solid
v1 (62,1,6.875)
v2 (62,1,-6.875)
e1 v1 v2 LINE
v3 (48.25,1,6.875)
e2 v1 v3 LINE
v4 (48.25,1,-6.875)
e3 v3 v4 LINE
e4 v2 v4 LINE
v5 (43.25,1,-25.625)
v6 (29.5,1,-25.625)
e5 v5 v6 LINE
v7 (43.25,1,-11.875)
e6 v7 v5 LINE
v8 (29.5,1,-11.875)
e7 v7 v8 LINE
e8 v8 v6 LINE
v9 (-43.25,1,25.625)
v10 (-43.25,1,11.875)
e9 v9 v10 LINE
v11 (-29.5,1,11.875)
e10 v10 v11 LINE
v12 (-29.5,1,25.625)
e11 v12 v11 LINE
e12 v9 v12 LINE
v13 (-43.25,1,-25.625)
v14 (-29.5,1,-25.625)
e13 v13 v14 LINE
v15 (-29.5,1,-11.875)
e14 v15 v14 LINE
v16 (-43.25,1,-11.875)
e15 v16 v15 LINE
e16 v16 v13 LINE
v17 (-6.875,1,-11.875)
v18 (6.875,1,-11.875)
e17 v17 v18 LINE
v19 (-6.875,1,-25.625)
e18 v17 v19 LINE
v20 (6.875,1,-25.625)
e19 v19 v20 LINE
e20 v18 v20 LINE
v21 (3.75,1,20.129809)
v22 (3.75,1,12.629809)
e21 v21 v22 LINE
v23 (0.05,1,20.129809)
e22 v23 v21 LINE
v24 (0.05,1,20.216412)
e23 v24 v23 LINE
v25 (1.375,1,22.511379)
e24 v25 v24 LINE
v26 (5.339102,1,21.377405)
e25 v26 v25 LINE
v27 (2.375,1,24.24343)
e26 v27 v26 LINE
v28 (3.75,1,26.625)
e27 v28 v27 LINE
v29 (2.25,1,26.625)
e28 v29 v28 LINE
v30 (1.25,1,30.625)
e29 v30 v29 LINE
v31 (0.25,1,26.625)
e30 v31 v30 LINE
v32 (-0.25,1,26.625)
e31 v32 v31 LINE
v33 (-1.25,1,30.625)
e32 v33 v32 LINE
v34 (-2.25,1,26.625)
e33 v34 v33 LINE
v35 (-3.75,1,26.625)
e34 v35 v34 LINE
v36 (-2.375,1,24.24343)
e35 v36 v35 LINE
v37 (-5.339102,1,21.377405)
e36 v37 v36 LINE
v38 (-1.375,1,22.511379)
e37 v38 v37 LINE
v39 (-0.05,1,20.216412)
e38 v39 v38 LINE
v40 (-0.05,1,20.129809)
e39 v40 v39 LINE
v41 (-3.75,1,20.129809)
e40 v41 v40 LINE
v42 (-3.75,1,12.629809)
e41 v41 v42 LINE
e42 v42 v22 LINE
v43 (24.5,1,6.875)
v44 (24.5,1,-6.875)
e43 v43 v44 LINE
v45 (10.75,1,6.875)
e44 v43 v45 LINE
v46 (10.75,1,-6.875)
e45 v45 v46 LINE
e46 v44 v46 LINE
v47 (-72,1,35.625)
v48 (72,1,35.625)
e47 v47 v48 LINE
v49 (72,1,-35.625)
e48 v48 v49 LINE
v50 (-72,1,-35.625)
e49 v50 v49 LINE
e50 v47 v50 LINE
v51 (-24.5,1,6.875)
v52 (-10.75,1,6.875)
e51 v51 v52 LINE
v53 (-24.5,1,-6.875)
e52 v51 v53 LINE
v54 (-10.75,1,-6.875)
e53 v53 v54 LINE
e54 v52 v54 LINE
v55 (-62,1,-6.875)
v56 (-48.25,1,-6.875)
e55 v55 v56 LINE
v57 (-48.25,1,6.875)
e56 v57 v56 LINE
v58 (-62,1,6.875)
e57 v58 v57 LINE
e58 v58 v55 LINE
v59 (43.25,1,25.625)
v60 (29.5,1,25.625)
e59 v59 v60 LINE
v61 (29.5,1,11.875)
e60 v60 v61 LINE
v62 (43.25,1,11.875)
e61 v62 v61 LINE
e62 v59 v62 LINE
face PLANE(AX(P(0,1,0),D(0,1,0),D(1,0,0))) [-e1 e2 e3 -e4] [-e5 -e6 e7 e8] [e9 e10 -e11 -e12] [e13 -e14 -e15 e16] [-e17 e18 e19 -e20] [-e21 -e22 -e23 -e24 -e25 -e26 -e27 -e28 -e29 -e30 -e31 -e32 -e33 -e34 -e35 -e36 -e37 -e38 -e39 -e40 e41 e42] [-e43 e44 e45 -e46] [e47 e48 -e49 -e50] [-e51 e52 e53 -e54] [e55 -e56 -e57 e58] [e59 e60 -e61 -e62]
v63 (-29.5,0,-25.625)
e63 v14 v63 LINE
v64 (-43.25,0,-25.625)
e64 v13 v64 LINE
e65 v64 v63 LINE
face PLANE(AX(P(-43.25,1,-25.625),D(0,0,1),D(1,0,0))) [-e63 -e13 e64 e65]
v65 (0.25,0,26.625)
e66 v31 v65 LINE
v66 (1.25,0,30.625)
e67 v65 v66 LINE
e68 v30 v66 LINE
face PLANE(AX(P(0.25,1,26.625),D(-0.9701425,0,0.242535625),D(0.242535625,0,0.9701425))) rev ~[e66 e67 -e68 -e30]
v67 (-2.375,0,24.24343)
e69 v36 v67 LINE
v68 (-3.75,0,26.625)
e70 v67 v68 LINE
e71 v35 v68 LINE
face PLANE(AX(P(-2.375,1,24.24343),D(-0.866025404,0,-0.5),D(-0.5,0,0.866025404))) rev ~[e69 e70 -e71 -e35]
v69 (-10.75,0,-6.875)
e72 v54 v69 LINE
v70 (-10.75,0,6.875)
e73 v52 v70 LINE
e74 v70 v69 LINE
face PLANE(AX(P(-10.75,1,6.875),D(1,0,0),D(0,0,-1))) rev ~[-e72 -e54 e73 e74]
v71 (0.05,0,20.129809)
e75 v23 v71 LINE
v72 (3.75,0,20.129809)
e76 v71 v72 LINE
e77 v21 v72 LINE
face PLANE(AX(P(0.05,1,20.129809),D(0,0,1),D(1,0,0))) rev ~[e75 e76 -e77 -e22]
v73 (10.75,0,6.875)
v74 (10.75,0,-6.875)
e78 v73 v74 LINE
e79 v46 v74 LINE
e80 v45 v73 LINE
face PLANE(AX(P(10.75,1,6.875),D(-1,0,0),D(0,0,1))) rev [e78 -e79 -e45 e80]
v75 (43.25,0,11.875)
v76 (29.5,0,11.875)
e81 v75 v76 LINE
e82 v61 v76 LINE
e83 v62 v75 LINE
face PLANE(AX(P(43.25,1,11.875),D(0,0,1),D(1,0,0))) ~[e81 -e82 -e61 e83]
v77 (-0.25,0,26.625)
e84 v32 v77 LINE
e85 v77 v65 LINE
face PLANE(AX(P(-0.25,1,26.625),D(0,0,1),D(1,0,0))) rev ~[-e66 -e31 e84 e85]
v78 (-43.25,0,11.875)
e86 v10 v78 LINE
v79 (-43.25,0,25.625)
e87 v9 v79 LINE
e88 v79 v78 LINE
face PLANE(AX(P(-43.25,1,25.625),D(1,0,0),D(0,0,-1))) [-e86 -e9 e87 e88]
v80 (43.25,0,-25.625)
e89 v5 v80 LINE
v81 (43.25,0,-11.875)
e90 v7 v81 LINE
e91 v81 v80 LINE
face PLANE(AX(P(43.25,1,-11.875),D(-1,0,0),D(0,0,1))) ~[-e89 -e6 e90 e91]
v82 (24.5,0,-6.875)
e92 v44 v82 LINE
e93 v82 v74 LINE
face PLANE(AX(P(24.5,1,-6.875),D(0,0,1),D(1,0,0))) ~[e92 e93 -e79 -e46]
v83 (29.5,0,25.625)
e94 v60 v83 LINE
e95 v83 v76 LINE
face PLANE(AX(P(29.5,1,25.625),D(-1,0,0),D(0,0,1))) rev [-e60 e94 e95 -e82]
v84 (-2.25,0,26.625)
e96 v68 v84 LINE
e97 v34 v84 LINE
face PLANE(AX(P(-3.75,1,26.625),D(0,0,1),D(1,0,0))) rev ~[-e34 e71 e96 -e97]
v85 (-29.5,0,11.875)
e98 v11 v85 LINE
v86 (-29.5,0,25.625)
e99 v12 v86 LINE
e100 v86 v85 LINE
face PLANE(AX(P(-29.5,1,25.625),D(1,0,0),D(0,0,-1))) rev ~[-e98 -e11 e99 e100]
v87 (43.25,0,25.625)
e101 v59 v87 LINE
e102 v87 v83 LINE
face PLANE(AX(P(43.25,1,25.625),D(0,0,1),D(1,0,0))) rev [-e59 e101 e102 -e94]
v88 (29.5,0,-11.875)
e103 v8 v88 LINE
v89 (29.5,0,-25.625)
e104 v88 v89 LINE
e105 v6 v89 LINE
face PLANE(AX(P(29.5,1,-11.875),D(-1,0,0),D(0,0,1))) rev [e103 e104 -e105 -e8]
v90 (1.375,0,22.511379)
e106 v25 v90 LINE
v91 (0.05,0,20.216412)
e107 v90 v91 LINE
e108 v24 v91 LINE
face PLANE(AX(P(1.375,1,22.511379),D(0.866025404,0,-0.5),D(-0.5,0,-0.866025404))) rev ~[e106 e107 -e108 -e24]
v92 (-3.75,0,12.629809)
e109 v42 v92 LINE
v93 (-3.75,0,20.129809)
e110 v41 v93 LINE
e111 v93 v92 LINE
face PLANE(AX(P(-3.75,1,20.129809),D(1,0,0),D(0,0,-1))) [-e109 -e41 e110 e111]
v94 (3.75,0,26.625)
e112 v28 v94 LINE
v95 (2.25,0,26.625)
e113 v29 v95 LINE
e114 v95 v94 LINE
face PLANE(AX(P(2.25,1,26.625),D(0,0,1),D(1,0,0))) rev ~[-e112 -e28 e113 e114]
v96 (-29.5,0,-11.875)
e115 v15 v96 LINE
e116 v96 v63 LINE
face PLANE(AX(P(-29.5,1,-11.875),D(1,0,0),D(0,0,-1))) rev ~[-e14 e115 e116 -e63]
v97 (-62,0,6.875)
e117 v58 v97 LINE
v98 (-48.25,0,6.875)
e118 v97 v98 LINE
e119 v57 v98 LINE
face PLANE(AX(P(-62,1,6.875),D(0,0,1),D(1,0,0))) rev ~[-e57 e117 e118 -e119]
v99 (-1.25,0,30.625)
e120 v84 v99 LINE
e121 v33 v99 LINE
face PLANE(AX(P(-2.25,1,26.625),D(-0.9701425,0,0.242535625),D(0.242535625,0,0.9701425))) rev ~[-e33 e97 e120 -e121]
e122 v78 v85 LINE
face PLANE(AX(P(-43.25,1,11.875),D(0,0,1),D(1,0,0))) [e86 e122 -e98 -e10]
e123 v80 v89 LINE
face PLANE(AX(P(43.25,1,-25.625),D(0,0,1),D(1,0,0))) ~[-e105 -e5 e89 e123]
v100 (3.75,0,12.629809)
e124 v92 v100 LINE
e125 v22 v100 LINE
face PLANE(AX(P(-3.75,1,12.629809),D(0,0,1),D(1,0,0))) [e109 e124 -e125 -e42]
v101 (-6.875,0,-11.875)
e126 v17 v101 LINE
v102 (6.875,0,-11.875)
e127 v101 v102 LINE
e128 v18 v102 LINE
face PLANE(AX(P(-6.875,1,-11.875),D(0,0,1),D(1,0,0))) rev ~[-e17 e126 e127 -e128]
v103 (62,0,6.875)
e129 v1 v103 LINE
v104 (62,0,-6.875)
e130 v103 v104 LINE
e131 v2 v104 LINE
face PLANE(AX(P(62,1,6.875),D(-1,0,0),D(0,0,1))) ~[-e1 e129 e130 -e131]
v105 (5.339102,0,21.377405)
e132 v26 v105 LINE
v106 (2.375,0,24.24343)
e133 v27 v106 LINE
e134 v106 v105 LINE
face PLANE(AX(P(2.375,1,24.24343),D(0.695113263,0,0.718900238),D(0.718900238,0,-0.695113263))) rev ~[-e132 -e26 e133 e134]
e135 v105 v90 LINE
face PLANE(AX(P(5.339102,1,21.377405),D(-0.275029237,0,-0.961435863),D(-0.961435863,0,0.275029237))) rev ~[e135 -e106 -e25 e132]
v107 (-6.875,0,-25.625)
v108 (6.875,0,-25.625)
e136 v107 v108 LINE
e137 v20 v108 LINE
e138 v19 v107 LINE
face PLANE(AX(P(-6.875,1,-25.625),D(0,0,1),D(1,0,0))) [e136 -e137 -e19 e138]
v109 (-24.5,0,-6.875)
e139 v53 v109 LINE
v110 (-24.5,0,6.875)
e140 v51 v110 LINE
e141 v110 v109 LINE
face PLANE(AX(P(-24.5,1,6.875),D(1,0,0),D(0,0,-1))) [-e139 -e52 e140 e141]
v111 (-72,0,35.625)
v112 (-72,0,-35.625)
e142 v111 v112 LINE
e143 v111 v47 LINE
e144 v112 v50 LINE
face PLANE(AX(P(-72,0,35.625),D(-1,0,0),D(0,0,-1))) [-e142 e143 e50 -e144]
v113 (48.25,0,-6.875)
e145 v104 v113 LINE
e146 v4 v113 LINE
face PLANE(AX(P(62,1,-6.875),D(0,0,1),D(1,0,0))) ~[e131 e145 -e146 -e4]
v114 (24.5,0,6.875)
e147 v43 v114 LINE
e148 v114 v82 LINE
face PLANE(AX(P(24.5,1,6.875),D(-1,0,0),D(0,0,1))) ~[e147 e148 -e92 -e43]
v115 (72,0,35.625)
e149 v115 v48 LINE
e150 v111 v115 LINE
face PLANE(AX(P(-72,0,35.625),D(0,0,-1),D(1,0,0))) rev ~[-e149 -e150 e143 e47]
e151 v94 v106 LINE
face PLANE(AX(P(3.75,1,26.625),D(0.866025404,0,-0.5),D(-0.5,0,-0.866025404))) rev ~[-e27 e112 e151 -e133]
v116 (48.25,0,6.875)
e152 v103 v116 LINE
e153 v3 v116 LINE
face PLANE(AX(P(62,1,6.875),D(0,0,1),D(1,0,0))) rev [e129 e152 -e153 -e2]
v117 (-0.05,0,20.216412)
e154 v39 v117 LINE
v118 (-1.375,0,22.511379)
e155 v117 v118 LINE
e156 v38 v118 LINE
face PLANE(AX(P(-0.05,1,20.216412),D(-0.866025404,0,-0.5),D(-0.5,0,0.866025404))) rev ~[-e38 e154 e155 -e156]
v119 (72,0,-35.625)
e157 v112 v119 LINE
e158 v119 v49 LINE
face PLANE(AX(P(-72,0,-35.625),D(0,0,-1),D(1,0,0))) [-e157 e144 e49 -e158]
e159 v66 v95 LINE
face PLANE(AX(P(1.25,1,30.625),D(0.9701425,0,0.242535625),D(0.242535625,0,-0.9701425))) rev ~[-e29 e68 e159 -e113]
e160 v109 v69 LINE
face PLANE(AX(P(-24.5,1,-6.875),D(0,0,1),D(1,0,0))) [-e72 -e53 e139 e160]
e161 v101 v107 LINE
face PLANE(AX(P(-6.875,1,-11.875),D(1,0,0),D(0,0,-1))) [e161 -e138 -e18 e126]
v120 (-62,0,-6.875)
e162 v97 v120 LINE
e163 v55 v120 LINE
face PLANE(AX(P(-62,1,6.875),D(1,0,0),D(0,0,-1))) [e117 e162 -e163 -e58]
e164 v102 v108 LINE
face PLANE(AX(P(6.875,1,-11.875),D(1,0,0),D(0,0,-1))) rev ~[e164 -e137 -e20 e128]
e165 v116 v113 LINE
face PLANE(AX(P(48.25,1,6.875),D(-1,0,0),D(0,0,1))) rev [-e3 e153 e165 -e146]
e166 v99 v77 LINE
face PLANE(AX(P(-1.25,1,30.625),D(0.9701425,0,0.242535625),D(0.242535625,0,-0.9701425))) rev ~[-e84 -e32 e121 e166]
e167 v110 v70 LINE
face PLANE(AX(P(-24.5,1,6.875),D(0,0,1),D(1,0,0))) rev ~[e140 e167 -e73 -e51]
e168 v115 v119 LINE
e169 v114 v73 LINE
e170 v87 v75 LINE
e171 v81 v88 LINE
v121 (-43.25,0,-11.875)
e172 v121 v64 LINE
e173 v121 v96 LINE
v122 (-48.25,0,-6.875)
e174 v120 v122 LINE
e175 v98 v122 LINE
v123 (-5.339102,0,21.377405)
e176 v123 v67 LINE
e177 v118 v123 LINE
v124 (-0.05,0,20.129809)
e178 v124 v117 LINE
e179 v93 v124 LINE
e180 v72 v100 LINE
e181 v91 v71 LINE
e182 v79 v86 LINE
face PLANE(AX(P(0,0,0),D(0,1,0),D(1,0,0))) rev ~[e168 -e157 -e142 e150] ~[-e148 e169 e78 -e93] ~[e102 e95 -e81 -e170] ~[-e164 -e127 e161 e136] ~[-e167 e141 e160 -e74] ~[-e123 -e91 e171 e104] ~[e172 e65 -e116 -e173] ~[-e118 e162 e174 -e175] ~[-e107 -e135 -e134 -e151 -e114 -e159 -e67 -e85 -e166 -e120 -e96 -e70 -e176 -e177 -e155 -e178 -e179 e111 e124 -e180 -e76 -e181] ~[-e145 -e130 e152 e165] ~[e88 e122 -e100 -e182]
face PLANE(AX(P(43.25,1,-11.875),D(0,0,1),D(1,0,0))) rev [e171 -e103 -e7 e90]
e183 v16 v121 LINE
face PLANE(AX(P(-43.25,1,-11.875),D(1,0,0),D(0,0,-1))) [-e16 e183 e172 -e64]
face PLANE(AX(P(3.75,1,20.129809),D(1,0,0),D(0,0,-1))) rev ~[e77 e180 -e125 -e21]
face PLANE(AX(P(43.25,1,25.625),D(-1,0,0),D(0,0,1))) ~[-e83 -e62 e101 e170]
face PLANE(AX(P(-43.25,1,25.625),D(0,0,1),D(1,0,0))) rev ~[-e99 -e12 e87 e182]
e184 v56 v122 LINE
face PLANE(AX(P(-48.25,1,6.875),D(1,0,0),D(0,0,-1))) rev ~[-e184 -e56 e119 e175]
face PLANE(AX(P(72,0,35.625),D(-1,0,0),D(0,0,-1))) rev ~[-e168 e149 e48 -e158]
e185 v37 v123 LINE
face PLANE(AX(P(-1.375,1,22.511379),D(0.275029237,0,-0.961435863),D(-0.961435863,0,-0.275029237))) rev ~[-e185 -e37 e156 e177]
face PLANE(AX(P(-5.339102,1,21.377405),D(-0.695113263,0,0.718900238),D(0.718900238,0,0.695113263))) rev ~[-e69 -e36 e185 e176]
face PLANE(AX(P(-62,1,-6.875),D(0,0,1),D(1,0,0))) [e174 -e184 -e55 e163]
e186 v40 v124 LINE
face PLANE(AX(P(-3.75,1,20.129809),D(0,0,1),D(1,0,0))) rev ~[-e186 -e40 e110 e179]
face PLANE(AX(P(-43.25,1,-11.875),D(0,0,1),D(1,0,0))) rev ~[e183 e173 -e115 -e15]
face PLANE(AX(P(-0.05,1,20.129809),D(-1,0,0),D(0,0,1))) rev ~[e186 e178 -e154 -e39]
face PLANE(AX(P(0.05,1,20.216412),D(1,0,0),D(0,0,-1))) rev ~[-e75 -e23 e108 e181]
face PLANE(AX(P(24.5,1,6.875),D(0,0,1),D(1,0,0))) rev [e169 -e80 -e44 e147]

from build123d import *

# Parameters (mm, degrees)
SKETCH1_W           = 144
SKETCH1_H           = 71.25
BOSS_EXTRUDE1_DEPTH = 1
SKETCH2_W           = 13.75
SKETCH2_H           = 13.75
CUT_EXTRUDE1_DEPTH  = 81.33766629
SKETCH3_W           = 13.75
SKETCH3_H           = 13.75
CUT_EXTRUDE2_DEPTH  = 81.33766629
SKETCH4_W           = 7.5
SKETCH4_H           = 7.5
CUT_EXTRUDE6_DEPTH  = 81.33766629


with BuildPart() as part:
    # Sketch1 → Boss-Extrude1 (new body)
    with BuildSketch(Plane(origin=(0, 0, 0), x_dir=(1, 0, 0), z_dir=(0, 1, 0))):
        Rectangle(SKETCH1_W, SKETCH1_H)
    extrude(amount=BOSS_EXTRUDE1_DEPTH)

    # Sketch2 → Cut-Extrude1 (cut, through all)
    with BuildSketch(Plane(origin=(0, 1, 0), x_dir=(1, 0, 0), z_dir=(0, 1, 0))):
        with Locations((-36.375, 18.75)):
            Rectangle(SKETCH2_W, SKETCH2_H)
        with Locations((-55.125, 0)):
            Rectangle(SKETCH2_W, SKETCH2_H)
        with Locations((-36.375, -18.75)):
            Rectangle(SKETCH2_W, SKETCH2_H)
        with Locations((-17.625, 0)):
            Rectangle(SKETCH2_W, SKETCH2_H)
    cut_extrude1 = extrude(amount=-CUT_EXTRUDE1_DEPTH, mode=Mode.SUBTRACT)

    # Mirror1: Cut-Extrude1 across plane
    add(cut_extrude1.mirror(Plane(origin=(0, 0, 0), x_dir=(0, 0, 1), z_dir=(1, 0, 0))), mode=Mode.SUBTRACT)

    # Sketch3 → Cut-Extrude2 (cut, through all)
    with BuildSketch(Plane(origin=(0, 1, 0), x_dir=(1, 0, 0), z_dir=(0, 1, 0))):
        with Locations((0, 18.75)):
            Rectangle(SKETCH3_W, SKETCH3_H)
    extrude(amount=-CUT_EXTRUDE2_DEPTH, mode=Mode.SUBTRACT)

    # Sketch4 → Cut-Extrude6 (cut, through all)
    with BuildSketch(Plane(origin=(0, 1, 0), x_dir=(1, 0, 0), z_dir=(0, 1, 0))):
        with Locations((0, -16.379809472)):
            Rectangle(SKETCH4_W, SKETCH4_H)
        Polygon((0.05, -20.216412012), (-0.05, -20.216412012), (-1.375, -22.511379332), (-2.375, -24.24343014), (-3.75, -26.625), (-2.25, -26.625), (-0.25, -26.625), (0.25, -26.625), (2.25, -26.625), (3.75, -26.625), (2.375, -24.24343014), (1.375, -22.511379332), align=None)
        Polygon((5.339101615, -21.377404736), (1.375, -22.511379332), (2.375, -24.24343014), align=None)
        Polygon((-2.375, -24.24343014), (-1.375, -22.511379332), (-5.339101615, -21.377404736), align=None)
        Polygon((-0.25, -26.625), (-2.25, -26.625), (-1.25, -30.625), align=None)
        Polygon((1.25, -30.625), (2.25, -26.625), (0.25, -26.625), align=None)
        Polygon((-0.05, -20.216412012), (0, -20.129809472), (-0.05, -20.129809472), align=None)
        Polygon((0.05, -20.129809472), (0, -20.129809472), (0.05, -20.216412012), align=None)
        Polygon((0.05, -20.216412012), (0, -20.129809472), (-0.05, -20.216412012), align=None)
    extrude(amount=-CUT_EXTRUDE6_DEPTH, mode=Mode.SUBTRACT)


solid = part.part
